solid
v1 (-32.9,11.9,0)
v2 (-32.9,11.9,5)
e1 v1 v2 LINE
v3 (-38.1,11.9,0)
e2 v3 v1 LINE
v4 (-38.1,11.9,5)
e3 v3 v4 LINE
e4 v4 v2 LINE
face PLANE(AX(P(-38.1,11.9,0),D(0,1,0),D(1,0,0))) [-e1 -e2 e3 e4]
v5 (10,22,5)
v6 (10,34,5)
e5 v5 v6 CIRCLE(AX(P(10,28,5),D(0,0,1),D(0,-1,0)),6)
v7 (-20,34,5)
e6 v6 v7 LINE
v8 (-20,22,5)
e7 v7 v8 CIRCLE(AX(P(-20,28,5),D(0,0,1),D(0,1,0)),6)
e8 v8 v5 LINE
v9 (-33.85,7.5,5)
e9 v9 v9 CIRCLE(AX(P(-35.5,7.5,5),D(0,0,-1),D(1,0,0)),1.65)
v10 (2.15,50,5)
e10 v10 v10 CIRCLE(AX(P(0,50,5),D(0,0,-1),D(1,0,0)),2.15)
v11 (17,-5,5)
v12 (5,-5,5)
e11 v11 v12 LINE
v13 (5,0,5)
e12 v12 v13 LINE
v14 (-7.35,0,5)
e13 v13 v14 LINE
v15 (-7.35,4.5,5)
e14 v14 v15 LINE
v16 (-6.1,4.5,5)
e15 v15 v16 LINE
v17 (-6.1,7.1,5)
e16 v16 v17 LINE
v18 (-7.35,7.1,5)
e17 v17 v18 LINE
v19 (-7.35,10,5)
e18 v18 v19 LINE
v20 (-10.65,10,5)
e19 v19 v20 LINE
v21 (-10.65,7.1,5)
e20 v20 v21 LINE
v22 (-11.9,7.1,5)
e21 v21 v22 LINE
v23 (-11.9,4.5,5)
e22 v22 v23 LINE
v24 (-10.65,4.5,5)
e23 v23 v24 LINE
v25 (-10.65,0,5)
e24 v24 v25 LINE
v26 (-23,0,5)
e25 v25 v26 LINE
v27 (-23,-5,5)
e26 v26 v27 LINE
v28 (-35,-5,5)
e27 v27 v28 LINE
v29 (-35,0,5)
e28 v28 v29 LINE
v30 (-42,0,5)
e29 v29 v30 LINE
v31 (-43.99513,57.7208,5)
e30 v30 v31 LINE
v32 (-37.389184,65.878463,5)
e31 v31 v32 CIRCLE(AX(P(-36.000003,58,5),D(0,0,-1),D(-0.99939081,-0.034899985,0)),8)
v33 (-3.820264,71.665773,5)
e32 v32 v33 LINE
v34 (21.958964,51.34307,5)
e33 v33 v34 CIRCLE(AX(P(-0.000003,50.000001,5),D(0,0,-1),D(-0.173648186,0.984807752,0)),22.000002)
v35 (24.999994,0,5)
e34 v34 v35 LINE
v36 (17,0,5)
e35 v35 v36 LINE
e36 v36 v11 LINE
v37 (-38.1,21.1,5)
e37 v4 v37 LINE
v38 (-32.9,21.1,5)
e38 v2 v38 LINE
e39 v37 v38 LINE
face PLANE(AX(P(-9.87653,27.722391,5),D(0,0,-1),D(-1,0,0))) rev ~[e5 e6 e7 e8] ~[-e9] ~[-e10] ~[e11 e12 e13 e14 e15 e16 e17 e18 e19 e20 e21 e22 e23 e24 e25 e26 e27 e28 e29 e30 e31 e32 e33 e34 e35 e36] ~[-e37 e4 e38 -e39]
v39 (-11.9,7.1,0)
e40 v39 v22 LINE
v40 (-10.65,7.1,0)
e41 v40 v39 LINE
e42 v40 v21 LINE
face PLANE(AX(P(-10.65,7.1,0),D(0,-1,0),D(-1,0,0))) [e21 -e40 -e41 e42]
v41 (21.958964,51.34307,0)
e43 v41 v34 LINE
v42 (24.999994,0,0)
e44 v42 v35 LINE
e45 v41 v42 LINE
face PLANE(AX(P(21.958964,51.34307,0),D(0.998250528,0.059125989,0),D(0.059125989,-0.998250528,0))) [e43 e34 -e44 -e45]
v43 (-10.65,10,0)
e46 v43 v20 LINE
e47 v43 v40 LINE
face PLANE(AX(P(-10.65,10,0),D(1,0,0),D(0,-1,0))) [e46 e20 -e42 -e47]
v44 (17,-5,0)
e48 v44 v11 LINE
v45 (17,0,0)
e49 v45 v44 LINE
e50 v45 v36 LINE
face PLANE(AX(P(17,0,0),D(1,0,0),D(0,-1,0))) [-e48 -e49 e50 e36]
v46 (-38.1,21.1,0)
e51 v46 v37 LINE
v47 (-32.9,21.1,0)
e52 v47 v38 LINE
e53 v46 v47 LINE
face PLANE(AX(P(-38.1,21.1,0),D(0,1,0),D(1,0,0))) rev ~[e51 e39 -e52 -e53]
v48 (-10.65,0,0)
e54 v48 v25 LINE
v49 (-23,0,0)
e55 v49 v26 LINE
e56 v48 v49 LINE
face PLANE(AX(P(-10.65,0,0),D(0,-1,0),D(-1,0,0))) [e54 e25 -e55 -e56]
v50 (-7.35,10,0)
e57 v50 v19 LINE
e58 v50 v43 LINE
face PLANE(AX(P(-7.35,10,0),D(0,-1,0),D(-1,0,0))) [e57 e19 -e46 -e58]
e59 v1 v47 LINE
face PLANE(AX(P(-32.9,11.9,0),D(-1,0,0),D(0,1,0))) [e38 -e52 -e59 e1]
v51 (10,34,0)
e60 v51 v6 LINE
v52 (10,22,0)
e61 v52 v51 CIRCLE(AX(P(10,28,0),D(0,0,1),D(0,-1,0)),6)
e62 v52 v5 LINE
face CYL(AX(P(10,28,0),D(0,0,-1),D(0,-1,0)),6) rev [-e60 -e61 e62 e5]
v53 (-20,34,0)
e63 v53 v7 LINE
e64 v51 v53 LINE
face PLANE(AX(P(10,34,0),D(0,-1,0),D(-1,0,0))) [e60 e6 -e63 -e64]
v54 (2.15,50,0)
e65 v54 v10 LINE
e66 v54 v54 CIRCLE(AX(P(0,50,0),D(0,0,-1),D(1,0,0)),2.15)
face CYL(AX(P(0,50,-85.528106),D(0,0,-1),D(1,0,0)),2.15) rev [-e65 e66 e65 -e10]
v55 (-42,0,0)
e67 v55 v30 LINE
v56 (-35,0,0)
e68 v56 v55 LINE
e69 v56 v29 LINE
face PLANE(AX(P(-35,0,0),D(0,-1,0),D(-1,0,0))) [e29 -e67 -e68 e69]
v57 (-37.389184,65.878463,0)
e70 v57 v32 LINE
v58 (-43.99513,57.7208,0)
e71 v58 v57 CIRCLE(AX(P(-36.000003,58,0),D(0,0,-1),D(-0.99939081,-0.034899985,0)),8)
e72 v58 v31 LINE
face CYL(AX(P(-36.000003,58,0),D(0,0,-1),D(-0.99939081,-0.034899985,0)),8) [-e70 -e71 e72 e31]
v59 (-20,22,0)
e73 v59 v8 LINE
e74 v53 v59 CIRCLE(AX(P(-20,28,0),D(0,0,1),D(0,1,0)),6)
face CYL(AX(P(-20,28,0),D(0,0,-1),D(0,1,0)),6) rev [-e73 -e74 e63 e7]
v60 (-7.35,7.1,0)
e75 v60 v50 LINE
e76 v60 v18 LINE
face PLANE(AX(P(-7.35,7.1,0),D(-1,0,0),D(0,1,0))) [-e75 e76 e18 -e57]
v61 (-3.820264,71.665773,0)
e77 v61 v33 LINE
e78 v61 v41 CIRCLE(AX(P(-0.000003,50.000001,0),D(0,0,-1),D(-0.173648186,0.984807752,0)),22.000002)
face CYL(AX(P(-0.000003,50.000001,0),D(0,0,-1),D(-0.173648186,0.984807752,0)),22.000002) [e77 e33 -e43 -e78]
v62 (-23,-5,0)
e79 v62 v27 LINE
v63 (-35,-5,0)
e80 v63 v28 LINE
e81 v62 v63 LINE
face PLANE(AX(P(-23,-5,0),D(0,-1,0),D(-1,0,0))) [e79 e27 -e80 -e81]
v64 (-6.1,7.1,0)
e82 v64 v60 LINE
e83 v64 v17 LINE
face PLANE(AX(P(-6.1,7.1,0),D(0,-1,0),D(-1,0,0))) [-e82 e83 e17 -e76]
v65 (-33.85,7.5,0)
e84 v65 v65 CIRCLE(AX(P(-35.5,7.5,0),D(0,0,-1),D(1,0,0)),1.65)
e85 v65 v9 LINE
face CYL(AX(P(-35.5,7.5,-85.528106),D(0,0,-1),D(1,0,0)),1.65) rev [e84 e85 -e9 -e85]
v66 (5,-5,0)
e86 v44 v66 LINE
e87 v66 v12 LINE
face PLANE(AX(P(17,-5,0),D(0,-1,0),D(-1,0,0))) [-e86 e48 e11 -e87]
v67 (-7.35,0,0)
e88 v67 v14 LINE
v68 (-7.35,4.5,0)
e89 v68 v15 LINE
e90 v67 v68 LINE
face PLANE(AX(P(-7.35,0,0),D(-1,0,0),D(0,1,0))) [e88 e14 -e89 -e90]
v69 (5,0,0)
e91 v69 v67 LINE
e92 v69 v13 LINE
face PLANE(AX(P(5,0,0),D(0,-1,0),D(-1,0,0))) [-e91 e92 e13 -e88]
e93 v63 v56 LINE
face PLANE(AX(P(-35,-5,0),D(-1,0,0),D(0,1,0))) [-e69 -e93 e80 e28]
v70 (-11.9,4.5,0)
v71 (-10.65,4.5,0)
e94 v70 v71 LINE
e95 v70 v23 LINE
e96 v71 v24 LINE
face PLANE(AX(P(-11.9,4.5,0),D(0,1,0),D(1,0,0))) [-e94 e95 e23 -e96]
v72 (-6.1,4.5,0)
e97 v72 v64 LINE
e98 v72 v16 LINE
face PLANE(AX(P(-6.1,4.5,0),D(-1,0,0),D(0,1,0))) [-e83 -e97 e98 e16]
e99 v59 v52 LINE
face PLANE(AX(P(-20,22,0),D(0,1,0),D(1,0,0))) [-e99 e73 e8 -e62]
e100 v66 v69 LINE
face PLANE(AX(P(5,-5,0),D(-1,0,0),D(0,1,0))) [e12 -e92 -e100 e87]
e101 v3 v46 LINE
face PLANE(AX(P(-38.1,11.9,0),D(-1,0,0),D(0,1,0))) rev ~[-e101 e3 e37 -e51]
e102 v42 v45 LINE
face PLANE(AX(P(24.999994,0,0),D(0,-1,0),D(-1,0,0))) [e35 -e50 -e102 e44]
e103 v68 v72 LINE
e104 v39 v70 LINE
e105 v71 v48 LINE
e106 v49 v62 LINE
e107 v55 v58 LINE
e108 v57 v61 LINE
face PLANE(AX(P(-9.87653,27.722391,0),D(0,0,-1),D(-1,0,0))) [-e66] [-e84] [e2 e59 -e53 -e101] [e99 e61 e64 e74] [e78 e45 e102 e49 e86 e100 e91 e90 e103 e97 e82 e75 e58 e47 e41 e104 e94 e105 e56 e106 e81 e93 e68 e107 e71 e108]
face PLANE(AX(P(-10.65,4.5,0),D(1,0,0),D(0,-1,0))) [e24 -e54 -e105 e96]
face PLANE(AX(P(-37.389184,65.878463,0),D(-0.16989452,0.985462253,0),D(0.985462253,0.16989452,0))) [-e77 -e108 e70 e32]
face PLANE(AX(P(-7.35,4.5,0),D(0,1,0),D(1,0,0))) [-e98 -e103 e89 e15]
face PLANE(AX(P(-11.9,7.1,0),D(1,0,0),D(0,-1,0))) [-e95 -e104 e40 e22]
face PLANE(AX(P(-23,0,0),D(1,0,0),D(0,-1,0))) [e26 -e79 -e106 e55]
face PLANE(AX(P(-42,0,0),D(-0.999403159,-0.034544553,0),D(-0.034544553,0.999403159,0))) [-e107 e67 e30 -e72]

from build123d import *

# Parameters (mm, degrees)
ESKIZ_KONTUR_W        = 5.2
ESKIZ_KONTUR_H        = 9.2
PLASTINA_DEPTH        = 5
OTVERSTIYA_DEPTH      = 85.528105852
OTVERSTIYA_DEPTH_BACK = 85.528105852
ESKIZ_OTVERSTIYA_R    = 1.65
ESKIZ_OTVERSTIYA_R_2  = 2.15


with BuildPart() as part:
    # Eskiz_kontur → Plastina (new body)
    with BuildSketch(Plane.XY):
        with BuildLine():
            Line((21.958964111, 51.343070401), (24.999994111, 4.01e-07))
            Line((24.999994111, 4.01e-07), (17, 4.01e-07))
            Line((17, 4.01e-07), (17, -5))
            Line((17, -5), (5, -5))
            Line((5, -5), (5, 0))
            Line((5, 0), (-7.35, 0))
            Line((-7.35, 0), (-7.35, 4.5))
            Line((-7.35, 4.5), (-6.1, 4.5))
            Line((-6.1, 4.5), (-6.1, 7.1))
            Line((-6.1, 7.1), (-7.35, 7.1))
            Line((-7.35, 7.1), (-7.35, 10))
            Line((-7.35, 10), (-10.65, 10))
            Line((-10.65, 10), (-10.65, 7.1))
            Line((-10.65, 7.1), (-11.9, 7.1))
            Line((-11.9, 7.1), (-11.9, 4.5))
            Line((-11.9, 4.5), (-10.65, 4.5))
            Line((-10.65, 4.5), (-10.65, 0))
            Line((-10.65, 0), (-23, 0))
            Line((-23, 0), (-23, -5))
            Line((-23, -5), (-35, -5))
            Line((-35, -5), (-35, 0))
            Line((-35, 0), (-42, 0))
            Line((-42, 0), (-43.99513, 57.7208))
            ThreePointArc((-43.99513, 57.7208), (-42.217170806, 63.034563621), (-37.389183787, 65.878463067))
            Line((-37.389183787, 65.878463067), (-3.820263787, 71.665773067))
            ThreePointArc((-3.820263787, 71.665773067), (13.620063981, 67.276975245), (21.958964111, 51.343070401))
        make_face()
        with Locations((-35.5, 16.5)):
            Rectangle(ESKIZ_KONTUR_W, ESKIZ_KONTUR_H, mode=Mode.SUBTRACT)
        with BuildLine():
            Line((10, 34), (-20, 34))
            ThreePointArc((-20, 34), (-26, 28), (-20, 22))
            Line((-20, 22), (10, 22))
            ThreePointArc((10, 22), (16, 28), (10, 34))
        make_face(mode=Mode.SUBTRACT)
    extrude(amount=PLASTINA_DEPTH)

    # Eskiz_otverstiya → Otverstiya (cut, two sides: drawn at the far end of the back side and taken through both)
    with BuildSketch(Plane.XY.offset(-OTVERSTIYA_DEPTH_BACK)):
        with Locations((-35.5, 7.5)):
            Circle(ESKIZ_OTVERSTIYA_R)
        with Locations((0, 50)):
            Circle(ESKIZ_OTVERSTIYA_R_2)
    extrude(amount=OTVERSTIYA_DEPTH + OTVERSTIYA_DEPTH_BACK, mode=Mode.SUBTRACT)


solid = part.part
